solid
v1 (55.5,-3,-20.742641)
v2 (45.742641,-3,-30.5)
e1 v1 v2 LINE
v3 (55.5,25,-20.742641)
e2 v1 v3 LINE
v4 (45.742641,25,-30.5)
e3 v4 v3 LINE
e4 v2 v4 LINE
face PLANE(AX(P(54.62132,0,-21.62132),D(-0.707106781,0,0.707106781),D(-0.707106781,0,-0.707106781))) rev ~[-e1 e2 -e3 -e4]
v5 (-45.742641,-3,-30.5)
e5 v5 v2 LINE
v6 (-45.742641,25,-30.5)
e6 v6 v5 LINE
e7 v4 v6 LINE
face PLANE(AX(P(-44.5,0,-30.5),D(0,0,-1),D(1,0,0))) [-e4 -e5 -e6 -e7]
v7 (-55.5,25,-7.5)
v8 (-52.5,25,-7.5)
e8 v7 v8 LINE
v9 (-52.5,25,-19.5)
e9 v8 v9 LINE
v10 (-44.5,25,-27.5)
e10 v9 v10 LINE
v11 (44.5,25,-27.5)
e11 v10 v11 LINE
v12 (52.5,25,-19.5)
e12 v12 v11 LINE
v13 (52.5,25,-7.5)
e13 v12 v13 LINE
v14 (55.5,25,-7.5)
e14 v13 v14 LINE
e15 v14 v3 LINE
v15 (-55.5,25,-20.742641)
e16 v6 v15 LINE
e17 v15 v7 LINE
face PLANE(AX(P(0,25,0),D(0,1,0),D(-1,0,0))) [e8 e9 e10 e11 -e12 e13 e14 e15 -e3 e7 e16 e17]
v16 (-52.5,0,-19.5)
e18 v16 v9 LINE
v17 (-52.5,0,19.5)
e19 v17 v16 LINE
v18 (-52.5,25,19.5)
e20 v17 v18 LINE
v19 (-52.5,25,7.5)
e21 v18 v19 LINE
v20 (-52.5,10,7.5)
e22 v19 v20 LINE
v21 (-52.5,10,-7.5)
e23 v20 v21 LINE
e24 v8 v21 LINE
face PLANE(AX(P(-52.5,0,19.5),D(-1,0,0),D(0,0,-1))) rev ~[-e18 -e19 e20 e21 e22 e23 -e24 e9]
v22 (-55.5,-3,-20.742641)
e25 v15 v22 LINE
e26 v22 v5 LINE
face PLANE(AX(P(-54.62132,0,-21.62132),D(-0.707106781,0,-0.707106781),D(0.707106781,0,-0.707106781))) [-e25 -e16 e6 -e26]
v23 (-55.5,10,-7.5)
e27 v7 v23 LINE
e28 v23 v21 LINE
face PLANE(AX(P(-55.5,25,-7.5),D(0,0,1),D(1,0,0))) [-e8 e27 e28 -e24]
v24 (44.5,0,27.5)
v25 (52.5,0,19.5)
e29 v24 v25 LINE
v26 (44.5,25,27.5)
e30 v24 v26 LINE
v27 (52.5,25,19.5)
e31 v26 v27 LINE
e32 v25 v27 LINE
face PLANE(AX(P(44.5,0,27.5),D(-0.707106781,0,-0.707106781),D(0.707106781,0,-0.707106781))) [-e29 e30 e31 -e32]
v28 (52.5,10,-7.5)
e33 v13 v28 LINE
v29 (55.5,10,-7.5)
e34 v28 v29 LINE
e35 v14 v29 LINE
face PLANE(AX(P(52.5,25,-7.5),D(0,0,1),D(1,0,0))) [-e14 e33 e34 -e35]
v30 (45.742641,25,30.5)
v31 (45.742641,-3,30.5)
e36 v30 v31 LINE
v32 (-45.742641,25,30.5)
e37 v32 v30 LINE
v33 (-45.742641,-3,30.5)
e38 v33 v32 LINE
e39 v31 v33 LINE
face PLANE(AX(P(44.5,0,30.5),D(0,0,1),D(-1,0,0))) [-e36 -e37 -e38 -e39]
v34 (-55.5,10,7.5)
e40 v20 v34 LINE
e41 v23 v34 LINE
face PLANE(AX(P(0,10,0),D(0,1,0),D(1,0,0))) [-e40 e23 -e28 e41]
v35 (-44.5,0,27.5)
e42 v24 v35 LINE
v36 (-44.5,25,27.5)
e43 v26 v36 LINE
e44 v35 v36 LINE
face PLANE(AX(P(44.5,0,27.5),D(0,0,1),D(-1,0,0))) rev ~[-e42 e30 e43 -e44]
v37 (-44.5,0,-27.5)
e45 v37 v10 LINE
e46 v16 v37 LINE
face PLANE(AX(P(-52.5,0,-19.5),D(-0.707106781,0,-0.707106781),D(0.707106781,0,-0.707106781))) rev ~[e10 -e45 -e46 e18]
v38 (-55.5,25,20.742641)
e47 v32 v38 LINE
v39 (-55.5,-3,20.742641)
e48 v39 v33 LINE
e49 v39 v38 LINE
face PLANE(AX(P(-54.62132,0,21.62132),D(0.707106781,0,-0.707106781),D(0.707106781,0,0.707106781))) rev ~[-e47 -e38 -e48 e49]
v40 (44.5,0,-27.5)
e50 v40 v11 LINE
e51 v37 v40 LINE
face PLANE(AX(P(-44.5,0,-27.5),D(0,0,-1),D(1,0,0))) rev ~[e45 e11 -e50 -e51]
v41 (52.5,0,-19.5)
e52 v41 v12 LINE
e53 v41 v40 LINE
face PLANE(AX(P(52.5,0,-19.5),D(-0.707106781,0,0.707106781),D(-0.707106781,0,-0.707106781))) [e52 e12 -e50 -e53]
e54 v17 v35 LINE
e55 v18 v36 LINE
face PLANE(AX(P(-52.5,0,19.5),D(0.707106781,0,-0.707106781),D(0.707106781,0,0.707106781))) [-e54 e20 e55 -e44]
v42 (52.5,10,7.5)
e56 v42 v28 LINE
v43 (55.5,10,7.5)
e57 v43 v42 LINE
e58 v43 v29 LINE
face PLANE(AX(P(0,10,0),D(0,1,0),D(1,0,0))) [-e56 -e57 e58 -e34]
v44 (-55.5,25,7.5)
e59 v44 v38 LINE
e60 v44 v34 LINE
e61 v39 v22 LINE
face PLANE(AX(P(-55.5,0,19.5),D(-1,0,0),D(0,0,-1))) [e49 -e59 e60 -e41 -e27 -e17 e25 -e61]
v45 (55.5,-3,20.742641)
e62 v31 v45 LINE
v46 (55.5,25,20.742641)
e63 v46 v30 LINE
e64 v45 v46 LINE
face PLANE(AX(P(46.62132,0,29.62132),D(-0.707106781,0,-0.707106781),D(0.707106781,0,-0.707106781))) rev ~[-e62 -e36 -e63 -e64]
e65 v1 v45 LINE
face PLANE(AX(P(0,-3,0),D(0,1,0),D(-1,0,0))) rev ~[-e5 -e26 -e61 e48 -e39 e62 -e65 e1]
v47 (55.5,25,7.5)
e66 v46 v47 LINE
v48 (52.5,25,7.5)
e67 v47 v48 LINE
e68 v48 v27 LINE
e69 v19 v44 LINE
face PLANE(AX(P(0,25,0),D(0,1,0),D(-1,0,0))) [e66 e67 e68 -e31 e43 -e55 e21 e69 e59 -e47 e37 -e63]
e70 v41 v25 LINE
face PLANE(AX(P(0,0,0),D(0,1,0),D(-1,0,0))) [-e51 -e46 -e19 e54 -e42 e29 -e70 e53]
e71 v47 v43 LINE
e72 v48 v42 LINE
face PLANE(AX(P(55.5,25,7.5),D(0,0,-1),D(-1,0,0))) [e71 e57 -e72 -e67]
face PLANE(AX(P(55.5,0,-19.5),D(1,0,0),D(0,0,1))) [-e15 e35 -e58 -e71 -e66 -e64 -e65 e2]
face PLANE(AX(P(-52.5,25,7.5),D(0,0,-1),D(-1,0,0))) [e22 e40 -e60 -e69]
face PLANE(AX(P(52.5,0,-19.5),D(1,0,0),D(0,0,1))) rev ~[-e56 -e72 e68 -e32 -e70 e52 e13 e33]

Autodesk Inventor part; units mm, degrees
ref_plane "YZ Plane" through (0, 0, 0) normal (1, 0, 0) x (0, 1, 0)
ref_plane "XZ Plane" through (0, 0, 0) normal (0, 1, 0) x (-1, 0, 0)
ref_plane "XY Plane" through (0, 0, 0) normal (0, 0, 1) x (1, 0, 0)
sketch "Sketch1" plane through (0, 0, 0) normal (0, 1, 0) x (-1, 0, 0)
  line L0 (-52.5, 27.5) -> (52.5, 27.5)
  line L1 (52.5, 27.5) -> (52.5, -27.5)
  line L2 (52.5, -27.5) -> (-52.5, -27.5)
  line L3 (-52.5, -27.5) -> (-52.5, 27.5)
  line L4 (-52.5, 27.5) -> (52.5, -27.5) construction
  line L5 (52.5, 27.5) -> (-52.5, -27.5) construction
  line L6 (52.5, 19.5) -> (44.5, 27.5)
  line L7 (52.5, -19.5) -> (44.5, -27.5)
  line L8 (-44.5, 27.5) -> (-52.5, 19.5)
  line L9 (-52.5, -19.5) -> (-44.5, -27.5)
  point P0 (0, 0)
  dimension "d0" = 105
  dimension "d1" = 55
  dimension "d4" = 45
  dimension "d5" = 8
  dimension "d6" = 8
  dimension "d7" = 8
  dimension "d8" = 8
extrude "Extrusion1" add sketch "Sketch1" along normal blind 25 contours L0 L6 L1 L7 L2 L9 L3 L8
shell "Shell1" thickness 3 outward yes removed faces 1 at (-14.8333, 25, -9.1667)
sketch "Sketch2" plane through (0, 25, 0) normal (0, 1, 0) x (1, 0, 0)
  line L0 (-55.5, 20.7426) -> (-55.5, -20.7426) projected
  line L1 (-52.5, -19.5) -> (-52.5, 19.5) projected
  line L2 (-55.5, 7.5) -> (-52.5, 7.5)
  line L3 (-52.5, 7.5) -> (-52.5, -7.5)
  line L4 (-52.5, -7.5) -> (-55.5, -7.5)
  line L5 (-55.5, -7.5) -> (-55.5, 7.5)
  line L6 (55.5, -20.7426) -> (55.5, 20.7426) projected
  line L7 (52.5, 7.5) -> (55.5, 7.5)
  line L8 (55.5, 7.5) -> (55.5, -7.5)
  line L9 (55.5, -7.5) -> (52.5, -7.5)
  line L10 (52.5, -7.5) -> (52.5, 7.5)
  line L11 (52.5, 19.5) -> (52.5, -19.5) projected
  point P0 (0, 0)
  point P1 (-54, -7.5)
  point P2 (-52.5, 0)
  point P3 (-52.5, 0)
  point P4 (54, -7.5)
  point P5 (54, 7.5)
  point P6 (52.5, 0)
  point P7 (52.5, 0)
  dimension "d10" = 15
  dimension "d11" = 0
  dimension "d12" = 0
  dimension "d13" = 15
  dimension "d14" = 0
extrude "Extrusion2" cut sketch "Sketch2" against normal blind 15
properties part number "case_v1"
